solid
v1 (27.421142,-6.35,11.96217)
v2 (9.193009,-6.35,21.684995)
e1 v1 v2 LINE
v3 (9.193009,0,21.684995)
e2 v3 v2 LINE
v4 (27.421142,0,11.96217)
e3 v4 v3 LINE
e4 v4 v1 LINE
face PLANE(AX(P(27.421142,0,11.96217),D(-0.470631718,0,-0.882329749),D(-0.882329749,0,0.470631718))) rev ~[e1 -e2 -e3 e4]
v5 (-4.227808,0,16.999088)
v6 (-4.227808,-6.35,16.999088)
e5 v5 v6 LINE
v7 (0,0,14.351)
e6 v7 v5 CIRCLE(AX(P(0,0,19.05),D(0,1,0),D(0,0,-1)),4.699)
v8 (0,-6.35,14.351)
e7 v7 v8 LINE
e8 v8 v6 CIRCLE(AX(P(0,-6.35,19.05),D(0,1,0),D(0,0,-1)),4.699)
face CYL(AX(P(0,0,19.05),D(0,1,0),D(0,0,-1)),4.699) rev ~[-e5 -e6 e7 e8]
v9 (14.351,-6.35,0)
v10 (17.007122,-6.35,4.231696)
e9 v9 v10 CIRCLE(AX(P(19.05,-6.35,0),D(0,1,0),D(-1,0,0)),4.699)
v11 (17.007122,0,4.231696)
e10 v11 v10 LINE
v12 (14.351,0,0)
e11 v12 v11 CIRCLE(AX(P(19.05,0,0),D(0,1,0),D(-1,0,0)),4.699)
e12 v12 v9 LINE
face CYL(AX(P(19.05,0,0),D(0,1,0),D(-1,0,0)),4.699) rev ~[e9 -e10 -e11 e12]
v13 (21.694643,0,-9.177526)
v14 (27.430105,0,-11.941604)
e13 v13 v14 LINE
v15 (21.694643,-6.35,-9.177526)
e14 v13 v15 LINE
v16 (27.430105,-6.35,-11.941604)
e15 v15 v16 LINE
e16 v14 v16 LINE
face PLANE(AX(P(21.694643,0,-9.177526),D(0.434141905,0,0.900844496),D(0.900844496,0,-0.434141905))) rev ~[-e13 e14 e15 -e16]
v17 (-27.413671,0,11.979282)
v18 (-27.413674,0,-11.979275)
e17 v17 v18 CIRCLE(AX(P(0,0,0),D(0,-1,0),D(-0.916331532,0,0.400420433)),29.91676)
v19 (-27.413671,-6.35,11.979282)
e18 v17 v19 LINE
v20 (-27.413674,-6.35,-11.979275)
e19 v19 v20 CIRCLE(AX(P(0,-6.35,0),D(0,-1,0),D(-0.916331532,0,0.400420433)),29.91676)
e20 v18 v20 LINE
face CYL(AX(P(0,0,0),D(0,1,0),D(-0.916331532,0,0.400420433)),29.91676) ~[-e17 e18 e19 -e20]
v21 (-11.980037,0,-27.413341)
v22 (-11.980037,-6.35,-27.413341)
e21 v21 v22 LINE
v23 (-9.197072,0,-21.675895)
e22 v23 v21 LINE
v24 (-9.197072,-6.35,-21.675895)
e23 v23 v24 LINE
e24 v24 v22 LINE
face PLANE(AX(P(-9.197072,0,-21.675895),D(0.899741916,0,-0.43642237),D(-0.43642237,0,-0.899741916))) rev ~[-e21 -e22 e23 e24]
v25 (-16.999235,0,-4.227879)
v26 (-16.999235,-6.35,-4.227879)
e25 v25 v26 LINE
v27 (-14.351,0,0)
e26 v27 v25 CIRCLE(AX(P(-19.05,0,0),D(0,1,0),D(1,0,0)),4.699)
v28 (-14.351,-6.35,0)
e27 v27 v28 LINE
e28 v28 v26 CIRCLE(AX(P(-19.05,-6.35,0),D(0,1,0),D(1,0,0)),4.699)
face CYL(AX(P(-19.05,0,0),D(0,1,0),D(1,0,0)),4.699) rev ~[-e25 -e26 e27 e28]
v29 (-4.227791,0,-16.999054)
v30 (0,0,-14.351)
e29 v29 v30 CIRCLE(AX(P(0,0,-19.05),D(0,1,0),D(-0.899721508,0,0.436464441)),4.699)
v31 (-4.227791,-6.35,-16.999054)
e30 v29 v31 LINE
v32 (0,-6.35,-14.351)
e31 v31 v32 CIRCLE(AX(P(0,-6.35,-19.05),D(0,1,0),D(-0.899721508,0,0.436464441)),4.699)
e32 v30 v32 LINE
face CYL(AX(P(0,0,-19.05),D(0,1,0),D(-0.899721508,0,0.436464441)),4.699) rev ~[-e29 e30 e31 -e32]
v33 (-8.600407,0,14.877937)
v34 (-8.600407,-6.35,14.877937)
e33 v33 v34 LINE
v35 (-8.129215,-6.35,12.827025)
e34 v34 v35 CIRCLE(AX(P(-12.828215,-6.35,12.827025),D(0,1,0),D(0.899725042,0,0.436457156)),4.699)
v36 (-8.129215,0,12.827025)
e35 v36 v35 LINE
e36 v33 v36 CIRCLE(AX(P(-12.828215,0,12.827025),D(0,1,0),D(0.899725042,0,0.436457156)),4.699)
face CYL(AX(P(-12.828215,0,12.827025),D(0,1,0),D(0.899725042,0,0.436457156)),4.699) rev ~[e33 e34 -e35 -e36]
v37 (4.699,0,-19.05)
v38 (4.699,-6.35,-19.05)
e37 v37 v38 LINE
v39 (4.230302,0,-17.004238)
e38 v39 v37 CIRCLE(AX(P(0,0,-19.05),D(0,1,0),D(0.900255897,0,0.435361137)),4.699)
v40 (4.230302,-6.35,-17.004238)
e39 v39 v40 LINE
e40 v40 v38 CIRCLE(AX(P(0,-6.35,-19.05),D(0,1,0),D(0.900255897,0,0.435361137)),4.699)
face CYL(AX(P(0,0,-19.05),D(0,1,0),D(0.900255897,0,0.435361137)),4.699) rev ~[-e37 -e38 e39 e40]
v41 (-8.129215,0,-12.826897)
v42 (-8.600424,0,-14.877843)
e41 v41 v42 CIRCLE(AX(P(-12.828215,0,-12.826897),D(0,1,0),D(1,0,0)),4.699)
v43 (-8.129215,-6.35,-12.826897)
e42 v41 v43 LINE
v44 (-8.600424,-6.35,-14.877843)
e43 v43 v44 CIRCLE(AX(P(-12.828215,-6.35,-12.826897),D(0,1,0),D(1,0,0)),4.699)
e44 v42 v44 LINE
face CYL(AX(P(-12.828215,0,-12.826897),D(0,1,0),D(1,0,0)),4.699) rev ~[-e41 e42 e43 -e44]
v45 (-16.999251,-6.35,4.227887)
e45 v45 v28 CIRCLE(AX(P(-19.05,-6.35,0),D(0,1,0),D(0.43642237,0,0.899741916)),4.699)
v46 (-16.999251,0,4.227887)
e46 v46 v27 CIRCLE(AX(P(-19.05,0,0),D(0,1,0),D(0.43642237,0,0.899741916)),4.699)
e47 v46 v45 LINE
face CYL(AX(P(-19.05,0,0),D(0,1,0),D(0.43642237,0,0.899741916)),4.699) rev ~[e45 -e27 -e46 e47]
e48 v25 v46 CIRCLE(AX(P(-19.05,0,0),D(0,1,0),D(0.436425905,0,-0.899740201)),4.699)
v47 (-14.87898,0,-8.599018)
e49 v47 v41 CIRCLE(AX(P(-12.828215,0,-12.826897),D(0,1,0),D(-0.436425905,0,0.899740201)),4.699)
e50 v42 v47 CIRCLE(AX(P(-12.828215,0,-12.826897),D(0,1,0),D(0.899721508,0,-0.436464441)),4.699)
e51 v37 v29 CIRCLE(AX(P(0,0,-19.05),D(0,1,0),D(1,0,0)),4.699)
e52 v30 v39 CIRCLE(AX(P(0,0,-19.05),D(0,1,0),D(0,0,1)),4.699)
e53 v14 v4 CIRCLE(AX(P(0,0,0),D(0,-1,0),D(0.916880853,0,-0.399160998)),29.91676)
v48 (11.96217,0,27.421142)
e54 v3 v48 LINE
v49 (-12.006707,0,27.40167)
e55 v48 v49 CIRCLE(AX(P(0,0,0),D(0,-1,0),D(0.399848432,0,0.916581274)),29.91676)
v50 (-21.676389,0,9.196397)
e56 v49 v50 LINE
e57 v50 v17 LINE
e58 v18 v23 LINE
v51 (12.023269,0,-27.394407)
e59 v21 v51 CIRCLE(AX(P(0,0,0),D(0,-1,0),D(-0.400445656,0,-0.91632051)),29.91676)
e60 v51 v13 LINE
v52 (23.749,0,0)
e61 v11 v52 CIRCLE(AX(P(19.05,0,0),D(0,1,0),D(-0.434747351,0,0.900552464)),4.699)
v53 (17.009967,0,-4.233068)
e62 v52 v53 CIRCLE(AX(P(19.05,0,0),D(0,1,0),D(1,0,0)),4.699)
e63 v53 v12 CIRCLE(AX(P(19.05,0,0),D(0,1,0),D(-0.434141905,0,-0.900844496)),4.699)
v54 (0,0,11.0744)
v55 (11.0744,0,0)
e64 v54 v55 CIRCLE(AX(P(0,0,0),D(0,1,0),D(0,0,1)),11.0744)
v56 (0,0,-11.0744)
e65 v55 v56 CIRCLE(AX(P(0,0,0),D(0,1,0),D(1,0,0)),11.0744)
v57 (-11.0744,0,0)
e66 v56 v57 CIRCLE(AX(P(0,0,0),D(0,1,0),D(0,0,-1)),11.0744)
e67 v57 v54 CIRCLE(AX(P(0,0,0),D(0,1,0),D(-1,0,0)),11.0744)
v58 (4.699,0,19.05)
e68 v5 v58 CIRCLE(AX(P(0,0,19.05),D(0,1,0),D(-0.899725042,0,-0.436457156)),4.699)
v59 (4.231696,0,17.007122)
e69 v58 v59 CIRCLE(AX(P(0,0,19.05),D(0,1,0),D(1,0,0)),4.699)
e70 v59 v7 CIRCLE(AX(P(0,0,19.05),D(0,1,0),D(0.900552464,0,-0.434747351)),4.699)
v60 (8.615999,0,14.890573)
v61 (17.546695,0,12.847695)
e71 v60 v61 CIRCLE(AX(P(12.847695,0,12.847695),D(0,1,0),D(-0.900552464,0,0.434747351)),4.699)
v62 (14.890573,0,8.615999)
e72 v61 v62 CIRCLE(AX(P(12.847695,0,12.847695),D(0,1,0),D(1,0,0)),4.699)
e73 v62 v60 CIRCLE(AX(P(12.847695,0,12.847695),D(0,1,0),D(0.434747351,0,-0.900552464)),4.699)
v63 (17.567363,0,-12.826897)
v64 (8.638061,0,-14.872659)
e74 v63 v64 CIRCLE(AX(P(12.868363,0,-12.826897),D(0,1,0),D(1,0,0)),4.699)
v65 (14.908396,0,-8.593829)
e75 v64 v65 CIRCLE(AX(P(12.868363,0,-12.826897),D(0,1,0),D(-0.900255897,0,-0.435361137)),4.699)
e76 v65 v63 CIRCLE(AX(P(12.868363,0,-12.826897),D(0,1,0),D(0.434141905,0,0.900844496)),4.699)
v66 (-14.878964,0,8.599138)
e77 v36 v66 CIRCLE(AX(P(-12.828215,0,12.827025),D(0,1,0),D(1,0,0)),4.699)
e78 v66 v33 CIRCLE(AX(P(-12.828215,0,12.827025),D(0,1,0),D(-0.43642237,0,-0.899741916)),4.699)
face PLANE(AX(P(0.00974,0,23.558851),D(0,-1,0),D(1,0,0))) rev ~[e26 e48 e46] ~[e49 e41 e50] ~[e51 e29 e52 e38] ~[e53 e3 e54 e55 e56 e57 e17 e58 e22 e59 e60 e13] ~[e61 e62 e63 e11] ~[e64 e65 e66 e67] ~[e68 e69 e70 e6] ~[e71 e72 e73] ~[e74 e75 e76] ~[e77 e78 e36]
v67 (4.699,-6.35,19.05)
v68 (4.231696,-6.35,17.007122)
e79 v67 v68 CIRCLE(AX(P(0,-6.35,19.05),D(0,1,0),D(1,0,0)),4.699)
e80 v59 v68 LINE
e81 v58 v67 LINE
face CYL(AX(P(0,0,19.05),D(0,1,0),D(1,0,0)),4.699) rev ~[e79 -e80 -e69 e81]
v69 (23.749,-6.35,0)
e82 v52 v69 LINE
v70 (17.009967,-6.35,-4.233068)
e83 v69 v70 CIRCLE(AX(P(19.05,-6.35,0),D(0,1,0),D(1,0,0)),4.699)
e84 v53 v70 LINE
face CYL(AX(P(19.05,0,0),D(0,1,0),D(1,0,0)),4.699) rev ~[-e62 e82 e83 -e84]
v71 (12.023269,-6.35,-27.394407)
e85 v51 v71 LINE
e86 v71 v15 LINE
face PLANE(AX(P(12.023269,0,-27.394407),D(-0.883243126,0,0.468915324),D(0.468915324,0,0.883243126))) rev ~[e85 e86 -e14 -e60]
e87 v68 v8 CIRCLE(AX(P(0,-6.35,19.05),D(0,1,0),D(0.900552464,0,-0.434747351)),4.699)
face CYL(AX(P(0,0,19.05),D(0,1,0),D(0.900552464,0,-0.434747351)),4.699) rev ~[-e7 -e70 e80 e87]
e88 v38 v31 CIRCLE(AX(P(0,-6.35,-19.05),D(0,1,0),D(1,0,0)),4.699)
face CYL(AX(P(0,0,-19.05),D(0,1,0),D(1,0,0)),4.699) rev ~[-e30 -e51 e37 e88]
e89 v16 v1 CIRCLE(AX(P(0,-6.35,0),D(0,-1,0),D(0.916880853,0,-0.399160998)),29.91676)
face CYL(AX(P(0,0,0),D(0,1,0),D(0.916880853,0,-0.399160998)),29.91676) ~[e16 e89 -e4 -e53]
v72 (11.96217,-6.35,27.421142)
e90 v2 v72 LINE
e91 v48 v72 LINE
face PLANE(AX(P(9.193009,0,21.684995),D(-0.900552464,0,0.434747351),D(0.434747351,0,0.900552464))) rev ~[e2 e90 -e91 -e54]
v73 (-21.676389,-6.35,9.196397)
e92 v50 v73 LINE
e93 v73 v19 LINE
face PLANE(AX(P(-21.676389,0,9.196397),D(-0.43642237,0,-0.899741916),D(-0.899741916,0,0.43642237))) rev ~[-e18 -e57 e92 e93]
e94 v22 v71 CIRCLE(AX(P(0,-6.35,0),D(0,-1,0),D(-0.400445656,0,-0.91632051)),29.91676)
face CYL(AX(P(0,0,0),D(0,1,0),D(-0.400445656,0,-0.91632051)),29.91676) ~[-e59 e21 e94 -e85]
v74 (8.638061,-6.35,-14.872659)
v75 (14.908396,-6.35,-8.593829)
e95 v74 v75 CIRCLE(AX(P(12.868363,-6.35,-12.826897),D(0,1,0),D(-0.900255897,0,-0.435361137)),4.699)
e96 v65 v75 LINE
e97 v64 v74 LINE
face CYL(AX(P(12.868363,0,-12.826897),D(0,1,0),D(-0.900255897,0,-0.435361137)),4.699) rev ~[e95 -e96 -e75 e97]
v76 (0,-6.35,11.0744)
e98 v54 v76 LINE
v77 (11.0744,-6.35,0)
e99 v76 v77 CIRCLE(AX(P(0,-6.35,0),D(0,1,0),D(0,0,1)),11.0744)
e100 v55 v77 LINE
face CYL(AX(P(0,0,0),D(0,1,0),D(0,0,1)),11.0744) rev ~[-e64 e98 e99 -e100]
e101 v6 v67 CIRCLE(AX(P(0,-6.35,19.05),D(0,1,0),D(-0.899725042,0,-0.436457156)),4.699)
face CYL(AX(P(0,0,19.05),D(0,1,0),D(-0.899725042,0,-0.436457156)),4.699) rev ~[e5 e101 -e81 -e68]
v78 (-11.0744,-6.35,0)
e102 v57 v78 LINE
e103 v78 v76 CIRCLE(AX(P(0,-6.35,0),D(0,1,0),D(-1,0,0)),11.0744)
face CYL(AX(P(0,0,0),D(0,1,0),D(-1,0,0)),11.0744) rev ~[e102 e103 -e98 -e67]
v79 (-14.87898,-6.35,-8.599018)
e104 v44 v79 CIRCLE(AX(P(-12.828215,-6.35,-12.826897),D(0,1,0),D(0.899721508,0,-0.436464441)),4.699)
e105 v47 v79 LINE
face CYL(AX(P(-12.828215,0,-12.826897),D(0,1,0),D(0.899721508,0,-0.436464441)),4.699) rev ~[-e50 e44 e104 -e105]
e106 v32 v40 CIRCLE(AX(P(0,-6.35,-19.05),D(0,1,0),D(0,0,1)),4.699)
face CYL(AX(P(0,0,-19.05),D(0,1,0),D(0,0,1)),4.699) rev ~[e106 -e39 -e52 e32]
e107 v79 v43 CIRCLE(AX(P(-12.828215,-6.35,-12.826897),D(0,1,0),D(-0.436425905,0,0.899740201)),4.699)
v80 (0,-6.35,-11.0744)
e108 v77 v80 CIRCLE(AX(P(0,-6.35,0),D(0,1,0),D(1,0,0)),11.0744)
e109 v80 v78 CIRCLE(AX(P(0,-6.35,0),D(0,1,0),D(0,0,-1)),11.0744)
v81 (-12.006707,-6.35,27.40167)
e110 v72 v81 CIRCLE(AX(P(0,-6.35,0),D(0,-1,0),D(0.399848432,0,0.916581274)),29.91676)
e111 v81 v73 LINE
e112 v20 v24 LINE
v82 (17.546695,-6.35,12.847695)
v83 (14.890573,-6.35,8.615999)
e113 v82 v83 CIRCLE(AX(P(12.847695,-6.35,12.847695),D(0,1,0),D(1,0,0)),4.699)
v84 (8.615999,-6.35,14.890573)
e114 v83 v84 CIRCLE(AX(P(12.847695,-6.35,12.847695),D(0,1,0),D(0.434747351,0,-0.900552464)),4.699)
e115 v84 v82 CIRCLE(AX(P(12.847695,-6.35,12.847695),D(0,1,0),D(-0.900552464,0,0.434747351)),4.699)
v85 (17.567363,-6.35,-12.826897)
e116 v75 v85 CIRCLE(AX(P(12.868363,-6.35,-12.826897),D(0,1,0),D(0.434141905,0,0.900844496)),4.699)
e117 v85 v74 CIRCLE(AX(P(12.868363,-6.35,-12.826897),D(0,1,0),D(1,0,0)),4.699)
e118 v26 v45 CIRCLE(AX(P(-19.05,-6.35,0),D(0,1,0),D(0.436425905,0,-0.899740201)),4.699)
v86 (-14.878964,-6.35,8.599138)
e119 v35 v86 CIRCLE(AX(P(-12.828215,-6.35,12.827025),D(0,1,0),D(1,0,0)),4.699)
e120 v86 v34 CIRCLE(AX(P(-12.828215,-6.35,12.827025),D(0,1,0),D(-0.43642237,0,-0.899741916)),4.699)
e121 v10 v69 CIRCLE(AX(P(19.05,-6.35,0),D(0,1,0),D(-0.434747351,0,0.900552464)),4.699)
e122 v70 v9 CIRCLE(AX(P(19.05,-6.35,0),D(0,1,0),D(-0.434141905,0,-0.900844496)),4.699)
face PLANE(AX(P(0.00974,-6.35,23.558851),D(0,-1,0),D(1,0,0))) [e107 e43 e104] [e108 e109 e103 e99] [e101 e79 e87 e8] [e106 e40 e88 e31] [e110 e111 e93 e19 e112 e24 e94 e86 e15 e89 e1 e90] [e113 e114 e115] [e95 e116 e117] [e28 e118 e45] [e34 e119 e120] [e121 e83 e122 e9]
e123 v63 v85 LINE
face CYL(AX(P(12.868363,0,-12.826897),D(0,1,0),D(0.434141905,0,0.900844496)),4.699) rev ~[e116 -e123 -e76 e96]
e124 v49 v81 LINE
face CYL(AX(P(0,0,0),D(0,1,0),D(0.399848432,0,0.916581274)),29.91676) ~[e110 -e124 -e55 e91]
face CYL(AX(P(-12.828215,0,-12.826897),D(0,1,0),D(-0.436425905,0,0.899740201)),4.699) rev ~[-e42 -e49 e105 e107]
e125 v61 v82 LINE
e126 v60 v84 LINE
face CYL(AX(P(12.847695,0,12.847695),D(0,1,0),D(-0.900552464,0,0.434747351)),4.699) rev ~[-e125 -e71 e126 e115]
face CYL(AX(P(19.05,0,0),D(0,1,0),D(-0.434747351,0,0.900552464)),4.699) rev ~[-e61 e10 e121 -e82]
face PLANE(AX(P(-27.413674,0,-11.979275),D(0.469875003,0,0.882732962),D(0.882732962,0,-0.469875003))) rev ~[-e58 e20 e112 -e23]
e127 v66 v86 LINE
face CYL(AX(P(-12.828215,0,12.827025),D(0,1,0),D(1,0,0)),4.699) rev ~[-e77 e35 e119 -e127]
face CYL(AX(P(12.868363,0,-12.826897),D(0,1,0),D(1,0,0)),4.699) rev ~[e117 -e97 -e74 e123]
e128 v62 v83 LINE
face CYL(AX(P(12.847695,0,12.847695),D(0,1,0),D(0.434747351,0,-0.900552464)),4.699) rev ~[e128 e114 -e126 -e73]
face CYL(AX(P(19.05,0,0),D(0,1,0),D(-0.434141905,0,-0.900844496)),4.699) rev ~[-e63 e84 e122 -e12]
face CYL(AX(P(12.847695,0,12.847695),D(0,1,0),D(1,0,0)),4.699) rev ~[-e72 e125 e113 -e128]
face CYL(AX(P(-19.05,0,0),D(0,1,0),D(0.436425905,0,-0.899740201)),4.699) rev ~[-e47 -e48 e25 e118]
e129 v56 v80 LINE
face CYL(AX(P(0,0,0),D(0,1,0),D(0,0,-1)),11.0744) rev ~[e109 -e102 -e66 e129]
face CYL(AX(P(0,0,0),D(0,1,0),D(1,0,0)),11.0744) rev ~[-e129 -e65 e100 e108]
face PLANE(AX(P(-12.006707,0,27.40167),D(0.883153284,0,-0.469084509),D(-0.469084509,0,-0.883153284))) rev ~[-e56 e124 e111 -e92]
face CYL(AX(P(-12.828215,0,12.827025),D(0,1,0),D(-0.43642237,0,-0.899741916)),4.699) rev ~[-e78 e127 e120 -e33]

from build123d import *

# Parameters (mm, degrees)
F1_DEPTH = 6.35


with BuildPart() as f1:
    # F0 (on Front) → F1 (new body)
    with BuildSketch(Plane.XZ):
        with BuildLine():
            Line((-6.4141074981, 15.9385126175), (-4.2278079722, 16.9990878248))
            ThreePointArc((-4.2278079722, 16.9990878248), (-1.0521718821, 23.6296872525), (4.699, 19.05))
            ThreePointArc((4.699, 19.05), (4.5806844818, 18.0021781266), (4.2316960296, 17.0071221983))
            Line((4.2316960296, 17.0071221983), (6.4238473824, 15.9488473824))
            Line((6.4238473824, 15.9488473824), (9.1930085155, 21.6849947733))
            Line((9.1930085155, 21.6849947733), (11.9621696486, 27.4211421643))
            ThreePointArc((11.9621696486, 27.4211421643), (-0.0243040276, 29.9167503183), (-12.0067070775, 27.4016701215))
            Line((-12.0067070775, 27.4016701215), (-6.4141074981, 15.9385126175))
        make_face()
        with BuildLine():
            Line((-8.6004070241, 14.8779374102), (-6.4141074981, 15.9385126175))
            Line((-6.4141074981, 15.9385126175), (-12.0067070775, 27.4016701215))
            Line((-12.0067070775, 27.4016701215), (-21.6763890996, 9.1963973453))
            Line((-21.6763890996, 9.1963973453), (-15.9391074981, 6.4135126175))
            Line((-15.9391074981, 6.4135126175), (-14.8789637146, 8.5991379737))
            ThreePointArc((-14.8789637146, 8.5991379737), (-16.1509739914, 16.1496557682), (-8.6004070241, 14.8779374102))
        make_face()
        with BuildLine():
            ThreePointArc((-16.9992346746, -4.227879206), (-23.749, -9.2288e-06), (-16.9992512817, 4.2278872613))
            Line((-16.9992512817, 4.2278872613), (-15.9391074981, 6.4135126175))
            Line((-15.9391074981, 6.4135126175), (-21.6763890996, 9.1963973453))
            Line((-21.6763890996, 9.1963973453), (-27.4136707011, 11.9792820732))
            ThreePointArc((-27.4136707011, 11.9792820732), (-29.9167601905, 3.8177e-06), (-27.4136737585, -11.9792750765))
            Line((-27.4136737585, -11.9792750765), (-15.9391074981, -6.4134484614))
            Line((-15.9391074981, -6.4134484614), (-16.9992346746, -4.227879206))
        make_face()
        with BuildLine():
            Line((-9.1970720847, -21.6758947021), (-6.4141074981, -15.9384484614))
            Line((-6.4141074981, -15.9384484614), (-8.6004236303, -14.8778433301))
            ThreePointArc((-8.6004236303, -14.8778433301), (-16.1509809173, -16.1495205298), (-14.8789803216, -8.5990177168))
            Line((-14.8789803216, -8.5990177168), (-15.9391074981, -6.4134484614))
            Line((-15.9391074981, -6.4134484614), (-27.4136737585, -11.9792750765))
            Line((-27.4136737585, -11.9792750765), (-9.1970720847, -21.6758947021))
        make_face()
        with BuildLine():
            Line((6.4341816168, -15.9384484614), (4.2303024615, -17.0042380186))
            ThreePointArc((4.2303024615, -17.0042380186), (4.5803270771, -18.0006169113), (4.699, -19.05))
            ThreePointArc((4.699, -19.05), (-1.0521904227, -23.6296829928), (-4.227791366, -16.9990535926))
            Line((-4.227791366, -16.9990535926), (-6.4141074981, -15.9384484614))
            Line((-6.4141074981, -15.9384484614), (-9.1970720847, -21.6758947021))
            Line((-9.1970720847, -21.6758947021), (-11.9800366713, -27.4133409429))
            ThreePointArc((-11.9800366713, -27.4133409429), (0.0235983496, -29.9167508833), (12.0232690531, -27.3944071221))
            Line((12.0232690531, -27.3944071221), (6.4341816168, -15.9384484614))
        make_face()
        with BuildLine():
            Line((21.6946431052, -9.1775261509), (15.9591816168, -6.4134484614))
            Line((15.9591816168, -6.4134484614), (14.9083960431, -8.5938286342))
            ThreePointArc((14.9083960431, -8.5938286342), (16.8474784098, -10.3274483008), (17.5673632335, -12.8268969228))
            ThreePointArc((17.5673632335, -12.8268969228), (13.9177463222, -17.4072239999), (8.638060772, -14.8726589042))
            Line((8.638060772, -14.8726589042), (6.4341816168, -15.9384484614))
            Line((6.4341816168, -15.9384484614), (12.0232690531, -27.3944071221))
            Line((12.0232690531, -27.3944071221), (21.6946431052, -9.1775261509))
        make_face()
        with BuildLine():
            Line((15.9488473824, 6.4238473824), (17.0071221983, 4.2316960296))
            ThreePointArc((17.0071221983, 4.2316960296), (21.5481111074, 3.9799550117), (23.749, 0))
            ThreePointArc((23.749, 0), (21.549448622, -3.9791151763), (17.0099671904, -4.2330682886))
            Line((17.0099671904, -4.2330682886), (15.9591816168, -6.4134484614))
            Line((15.9591816168, -6.4134484614), (21.6946431052, -9.1775261509))
            Line((21.6946431052, -9.1775261509), (27.4301045936, -11.9416038403))
            ThreePointArc((27.4301045936, -11.9416038403), (29.9167580877, 0.0112169248), (27.4211421643, 11.9621696486))
            Line((27.4211421643, 11.9621696486), (15.9488473824, 6.4238473824))
        make_face()
        with BuildLine():
            Line((14.8905725665, 8.6159987352), (15.9488473824, 6.4238473824))
            Line((15.9488473824, 6.4238473824), (27.4211421643, 11.9621696486))
            Line((27.4211421643, 11.9621696486), (9.1930085155, 21.6849947733))
            Line((9.1930085155, 21.6849947733), (6.4238473824, 15.9488473824))
            Line((6.4238473824, 15.9488473824), (8.6159987352, 14.8905725665))
            ThreePointArc((8.6159987352, 14.8905725665), (13.8955166382, 17.4283792466), (17.5466947648, 12.8476947648))
            ThreePointArc((17.5466947648, 12.8476947648), (16.8276497765, 10.3495836574), (14.8905725665, 8.6159987352))
        make_face()
        with BuildLine():
            ThreePointArc((-11.0744, 0), (-7.8307833376, 7.8307833376), (0, 11.0744))
            Line((0, 11.0744), (0, 14.351))
            ThreePointArc((0, 14.351), (-2.4943300392, 15.0676742153), (-4.2278079722, 16.9990878248))
            Line((-4.2278079722, 16.9990878248), (-6.4141074981, 15.9385126175))
            Line((-6.4141074981, 15.9385126175), (-8.6004070241, 14.8779374102))
            ThreePointArc((-8.6004070241, 14.8779374102), (-8.2485277438, 13.879197117), (-8.1292149963, 12.827025235))
            ThreePointArc((-8.1292149963, 12.827025235), (-10.3338079753, 8.8447476689), (-14.8789637146, 8.5991379737))
            Line((-14.8789637146, 8.5991379737), (-15.9391074981, 6.4135126175))
            Line((-15.9391074981, 6.4135126175), (-16.9992512817, 4.2278872613))
            ThreePointArc((-16.9992512817, 4.2278872613), (-15.0677224339, 2.494407021), (-14.351, 0))
            Line((-14.351, 0), (-11.0744, 0))
        make_face()
        with BuildLine():
            Line((0, -14.351), (0, -11.0744))
            ThreePointArc((0, -11.0744), (-7.8307833376, -7.8307833376), (-11.0744, 0))
            Line((-11.0744, 0), (-14.351, 0))
            ThreePointArc((-14.351, 0), (-15.0677175349, -2.4943991998), (-16.9992346746, -4.227879206))
            Line((-16.9992346746, -4.227879206), (-15.9391074981, -6.4134484614))
            Line((-15.9391074981, -6.4134484614), (-14.8789803216, -8.5990177168))
            ThreePointArc((-14.8789803216, -8.5990177168), (-10.3338157965, -8.8446144577), (-8.1292149963, -12.8268969228))
            ThreePointArc((-8.1292149963, -12.8268969228), (-8.2485320035, -13.8790873455), (-8.6004236303, -14.8778433301))
            Line((-8.6004236303, -14.8778433301), (-6.4141074981, -15.9384484614))
            Line((-6.4141074981, -15.9384484614), (-4.227791366, -16.9990535926))
            ThreePointArc((-4.227791366, -16.9990535926), (-2.4943139169, -15.0676641171), (0, -14.351))
        make_face()
        with BuildLine():
            Line((14.351, 0), (11.0744, 0))
            ThreePointArc((11.0744, 0), (7.8307833376, -7.8307833376), (0, -11.0744))
            Line((0, -11.0744), (0, -14.351))
            ThreePointArc((0, -14.351), (2.4967544382, -15.0691937657), (4.2303024615, -17.0042380186))
            Line((4.2303024615, -17.0042380186), (6.4341816168, -15.9384484614))
            Line((6.4341816168, -15.9384484614), (8.638060772, -14.8726589042))
            ThreePointArc((8.638060772, -14.8726589042), (9.5434199744, -9.506452175), (14.9083960431, -8.5938286342))
            Line((14.9083960431, -8.5938286342), (15.9591816168, -6.4134484614))
            Line((15.9591816168, -6.4134484614), (17.0099671904, -4.2330682886))
            ThreePointArc((17.0099671904, -4.2330682886), (15.0708848237, -2.499448622), (14.351, 0))
        make_face()
        with BuildLine():
            ThreePointArc((0, 11.0744), (7.8307833376, 7.8307833376), (11.0744, 0))
            Line((11.0744, 0), (14.351, 0))
            ThreePointArc((14.351, 0), (15.0700449883, 2.4981111074), (17.0071221983, 4.2316960296))
            Line((17.0071221983, 4.2316960296), (15.9488473824, 6.4238473824))
            Line((15.9488473824, 6.4238473824), (14.8905725665, 8.6159987352))
            ThreePointArc((14.8905725665, 8.6159987352), (9.525, 9.525), (8.6159987352, 14.8905725665))
            Line((8.6159987352, 14.8905725665), (6.4238473824, 15.9488473824))
            Line((6.4238473824, 15.9488473824), (4.2316960296, 17.0071221983))
            ThreePointArc((4.2316960296, 17.0071221983), (2.4981111074, 15.0700449883), (0, 14.351))
            Line((0, 14.351), (0, 11.0744))
        make_face()
    extrude(amount=F1_DEPTH)


solid = f1.part
